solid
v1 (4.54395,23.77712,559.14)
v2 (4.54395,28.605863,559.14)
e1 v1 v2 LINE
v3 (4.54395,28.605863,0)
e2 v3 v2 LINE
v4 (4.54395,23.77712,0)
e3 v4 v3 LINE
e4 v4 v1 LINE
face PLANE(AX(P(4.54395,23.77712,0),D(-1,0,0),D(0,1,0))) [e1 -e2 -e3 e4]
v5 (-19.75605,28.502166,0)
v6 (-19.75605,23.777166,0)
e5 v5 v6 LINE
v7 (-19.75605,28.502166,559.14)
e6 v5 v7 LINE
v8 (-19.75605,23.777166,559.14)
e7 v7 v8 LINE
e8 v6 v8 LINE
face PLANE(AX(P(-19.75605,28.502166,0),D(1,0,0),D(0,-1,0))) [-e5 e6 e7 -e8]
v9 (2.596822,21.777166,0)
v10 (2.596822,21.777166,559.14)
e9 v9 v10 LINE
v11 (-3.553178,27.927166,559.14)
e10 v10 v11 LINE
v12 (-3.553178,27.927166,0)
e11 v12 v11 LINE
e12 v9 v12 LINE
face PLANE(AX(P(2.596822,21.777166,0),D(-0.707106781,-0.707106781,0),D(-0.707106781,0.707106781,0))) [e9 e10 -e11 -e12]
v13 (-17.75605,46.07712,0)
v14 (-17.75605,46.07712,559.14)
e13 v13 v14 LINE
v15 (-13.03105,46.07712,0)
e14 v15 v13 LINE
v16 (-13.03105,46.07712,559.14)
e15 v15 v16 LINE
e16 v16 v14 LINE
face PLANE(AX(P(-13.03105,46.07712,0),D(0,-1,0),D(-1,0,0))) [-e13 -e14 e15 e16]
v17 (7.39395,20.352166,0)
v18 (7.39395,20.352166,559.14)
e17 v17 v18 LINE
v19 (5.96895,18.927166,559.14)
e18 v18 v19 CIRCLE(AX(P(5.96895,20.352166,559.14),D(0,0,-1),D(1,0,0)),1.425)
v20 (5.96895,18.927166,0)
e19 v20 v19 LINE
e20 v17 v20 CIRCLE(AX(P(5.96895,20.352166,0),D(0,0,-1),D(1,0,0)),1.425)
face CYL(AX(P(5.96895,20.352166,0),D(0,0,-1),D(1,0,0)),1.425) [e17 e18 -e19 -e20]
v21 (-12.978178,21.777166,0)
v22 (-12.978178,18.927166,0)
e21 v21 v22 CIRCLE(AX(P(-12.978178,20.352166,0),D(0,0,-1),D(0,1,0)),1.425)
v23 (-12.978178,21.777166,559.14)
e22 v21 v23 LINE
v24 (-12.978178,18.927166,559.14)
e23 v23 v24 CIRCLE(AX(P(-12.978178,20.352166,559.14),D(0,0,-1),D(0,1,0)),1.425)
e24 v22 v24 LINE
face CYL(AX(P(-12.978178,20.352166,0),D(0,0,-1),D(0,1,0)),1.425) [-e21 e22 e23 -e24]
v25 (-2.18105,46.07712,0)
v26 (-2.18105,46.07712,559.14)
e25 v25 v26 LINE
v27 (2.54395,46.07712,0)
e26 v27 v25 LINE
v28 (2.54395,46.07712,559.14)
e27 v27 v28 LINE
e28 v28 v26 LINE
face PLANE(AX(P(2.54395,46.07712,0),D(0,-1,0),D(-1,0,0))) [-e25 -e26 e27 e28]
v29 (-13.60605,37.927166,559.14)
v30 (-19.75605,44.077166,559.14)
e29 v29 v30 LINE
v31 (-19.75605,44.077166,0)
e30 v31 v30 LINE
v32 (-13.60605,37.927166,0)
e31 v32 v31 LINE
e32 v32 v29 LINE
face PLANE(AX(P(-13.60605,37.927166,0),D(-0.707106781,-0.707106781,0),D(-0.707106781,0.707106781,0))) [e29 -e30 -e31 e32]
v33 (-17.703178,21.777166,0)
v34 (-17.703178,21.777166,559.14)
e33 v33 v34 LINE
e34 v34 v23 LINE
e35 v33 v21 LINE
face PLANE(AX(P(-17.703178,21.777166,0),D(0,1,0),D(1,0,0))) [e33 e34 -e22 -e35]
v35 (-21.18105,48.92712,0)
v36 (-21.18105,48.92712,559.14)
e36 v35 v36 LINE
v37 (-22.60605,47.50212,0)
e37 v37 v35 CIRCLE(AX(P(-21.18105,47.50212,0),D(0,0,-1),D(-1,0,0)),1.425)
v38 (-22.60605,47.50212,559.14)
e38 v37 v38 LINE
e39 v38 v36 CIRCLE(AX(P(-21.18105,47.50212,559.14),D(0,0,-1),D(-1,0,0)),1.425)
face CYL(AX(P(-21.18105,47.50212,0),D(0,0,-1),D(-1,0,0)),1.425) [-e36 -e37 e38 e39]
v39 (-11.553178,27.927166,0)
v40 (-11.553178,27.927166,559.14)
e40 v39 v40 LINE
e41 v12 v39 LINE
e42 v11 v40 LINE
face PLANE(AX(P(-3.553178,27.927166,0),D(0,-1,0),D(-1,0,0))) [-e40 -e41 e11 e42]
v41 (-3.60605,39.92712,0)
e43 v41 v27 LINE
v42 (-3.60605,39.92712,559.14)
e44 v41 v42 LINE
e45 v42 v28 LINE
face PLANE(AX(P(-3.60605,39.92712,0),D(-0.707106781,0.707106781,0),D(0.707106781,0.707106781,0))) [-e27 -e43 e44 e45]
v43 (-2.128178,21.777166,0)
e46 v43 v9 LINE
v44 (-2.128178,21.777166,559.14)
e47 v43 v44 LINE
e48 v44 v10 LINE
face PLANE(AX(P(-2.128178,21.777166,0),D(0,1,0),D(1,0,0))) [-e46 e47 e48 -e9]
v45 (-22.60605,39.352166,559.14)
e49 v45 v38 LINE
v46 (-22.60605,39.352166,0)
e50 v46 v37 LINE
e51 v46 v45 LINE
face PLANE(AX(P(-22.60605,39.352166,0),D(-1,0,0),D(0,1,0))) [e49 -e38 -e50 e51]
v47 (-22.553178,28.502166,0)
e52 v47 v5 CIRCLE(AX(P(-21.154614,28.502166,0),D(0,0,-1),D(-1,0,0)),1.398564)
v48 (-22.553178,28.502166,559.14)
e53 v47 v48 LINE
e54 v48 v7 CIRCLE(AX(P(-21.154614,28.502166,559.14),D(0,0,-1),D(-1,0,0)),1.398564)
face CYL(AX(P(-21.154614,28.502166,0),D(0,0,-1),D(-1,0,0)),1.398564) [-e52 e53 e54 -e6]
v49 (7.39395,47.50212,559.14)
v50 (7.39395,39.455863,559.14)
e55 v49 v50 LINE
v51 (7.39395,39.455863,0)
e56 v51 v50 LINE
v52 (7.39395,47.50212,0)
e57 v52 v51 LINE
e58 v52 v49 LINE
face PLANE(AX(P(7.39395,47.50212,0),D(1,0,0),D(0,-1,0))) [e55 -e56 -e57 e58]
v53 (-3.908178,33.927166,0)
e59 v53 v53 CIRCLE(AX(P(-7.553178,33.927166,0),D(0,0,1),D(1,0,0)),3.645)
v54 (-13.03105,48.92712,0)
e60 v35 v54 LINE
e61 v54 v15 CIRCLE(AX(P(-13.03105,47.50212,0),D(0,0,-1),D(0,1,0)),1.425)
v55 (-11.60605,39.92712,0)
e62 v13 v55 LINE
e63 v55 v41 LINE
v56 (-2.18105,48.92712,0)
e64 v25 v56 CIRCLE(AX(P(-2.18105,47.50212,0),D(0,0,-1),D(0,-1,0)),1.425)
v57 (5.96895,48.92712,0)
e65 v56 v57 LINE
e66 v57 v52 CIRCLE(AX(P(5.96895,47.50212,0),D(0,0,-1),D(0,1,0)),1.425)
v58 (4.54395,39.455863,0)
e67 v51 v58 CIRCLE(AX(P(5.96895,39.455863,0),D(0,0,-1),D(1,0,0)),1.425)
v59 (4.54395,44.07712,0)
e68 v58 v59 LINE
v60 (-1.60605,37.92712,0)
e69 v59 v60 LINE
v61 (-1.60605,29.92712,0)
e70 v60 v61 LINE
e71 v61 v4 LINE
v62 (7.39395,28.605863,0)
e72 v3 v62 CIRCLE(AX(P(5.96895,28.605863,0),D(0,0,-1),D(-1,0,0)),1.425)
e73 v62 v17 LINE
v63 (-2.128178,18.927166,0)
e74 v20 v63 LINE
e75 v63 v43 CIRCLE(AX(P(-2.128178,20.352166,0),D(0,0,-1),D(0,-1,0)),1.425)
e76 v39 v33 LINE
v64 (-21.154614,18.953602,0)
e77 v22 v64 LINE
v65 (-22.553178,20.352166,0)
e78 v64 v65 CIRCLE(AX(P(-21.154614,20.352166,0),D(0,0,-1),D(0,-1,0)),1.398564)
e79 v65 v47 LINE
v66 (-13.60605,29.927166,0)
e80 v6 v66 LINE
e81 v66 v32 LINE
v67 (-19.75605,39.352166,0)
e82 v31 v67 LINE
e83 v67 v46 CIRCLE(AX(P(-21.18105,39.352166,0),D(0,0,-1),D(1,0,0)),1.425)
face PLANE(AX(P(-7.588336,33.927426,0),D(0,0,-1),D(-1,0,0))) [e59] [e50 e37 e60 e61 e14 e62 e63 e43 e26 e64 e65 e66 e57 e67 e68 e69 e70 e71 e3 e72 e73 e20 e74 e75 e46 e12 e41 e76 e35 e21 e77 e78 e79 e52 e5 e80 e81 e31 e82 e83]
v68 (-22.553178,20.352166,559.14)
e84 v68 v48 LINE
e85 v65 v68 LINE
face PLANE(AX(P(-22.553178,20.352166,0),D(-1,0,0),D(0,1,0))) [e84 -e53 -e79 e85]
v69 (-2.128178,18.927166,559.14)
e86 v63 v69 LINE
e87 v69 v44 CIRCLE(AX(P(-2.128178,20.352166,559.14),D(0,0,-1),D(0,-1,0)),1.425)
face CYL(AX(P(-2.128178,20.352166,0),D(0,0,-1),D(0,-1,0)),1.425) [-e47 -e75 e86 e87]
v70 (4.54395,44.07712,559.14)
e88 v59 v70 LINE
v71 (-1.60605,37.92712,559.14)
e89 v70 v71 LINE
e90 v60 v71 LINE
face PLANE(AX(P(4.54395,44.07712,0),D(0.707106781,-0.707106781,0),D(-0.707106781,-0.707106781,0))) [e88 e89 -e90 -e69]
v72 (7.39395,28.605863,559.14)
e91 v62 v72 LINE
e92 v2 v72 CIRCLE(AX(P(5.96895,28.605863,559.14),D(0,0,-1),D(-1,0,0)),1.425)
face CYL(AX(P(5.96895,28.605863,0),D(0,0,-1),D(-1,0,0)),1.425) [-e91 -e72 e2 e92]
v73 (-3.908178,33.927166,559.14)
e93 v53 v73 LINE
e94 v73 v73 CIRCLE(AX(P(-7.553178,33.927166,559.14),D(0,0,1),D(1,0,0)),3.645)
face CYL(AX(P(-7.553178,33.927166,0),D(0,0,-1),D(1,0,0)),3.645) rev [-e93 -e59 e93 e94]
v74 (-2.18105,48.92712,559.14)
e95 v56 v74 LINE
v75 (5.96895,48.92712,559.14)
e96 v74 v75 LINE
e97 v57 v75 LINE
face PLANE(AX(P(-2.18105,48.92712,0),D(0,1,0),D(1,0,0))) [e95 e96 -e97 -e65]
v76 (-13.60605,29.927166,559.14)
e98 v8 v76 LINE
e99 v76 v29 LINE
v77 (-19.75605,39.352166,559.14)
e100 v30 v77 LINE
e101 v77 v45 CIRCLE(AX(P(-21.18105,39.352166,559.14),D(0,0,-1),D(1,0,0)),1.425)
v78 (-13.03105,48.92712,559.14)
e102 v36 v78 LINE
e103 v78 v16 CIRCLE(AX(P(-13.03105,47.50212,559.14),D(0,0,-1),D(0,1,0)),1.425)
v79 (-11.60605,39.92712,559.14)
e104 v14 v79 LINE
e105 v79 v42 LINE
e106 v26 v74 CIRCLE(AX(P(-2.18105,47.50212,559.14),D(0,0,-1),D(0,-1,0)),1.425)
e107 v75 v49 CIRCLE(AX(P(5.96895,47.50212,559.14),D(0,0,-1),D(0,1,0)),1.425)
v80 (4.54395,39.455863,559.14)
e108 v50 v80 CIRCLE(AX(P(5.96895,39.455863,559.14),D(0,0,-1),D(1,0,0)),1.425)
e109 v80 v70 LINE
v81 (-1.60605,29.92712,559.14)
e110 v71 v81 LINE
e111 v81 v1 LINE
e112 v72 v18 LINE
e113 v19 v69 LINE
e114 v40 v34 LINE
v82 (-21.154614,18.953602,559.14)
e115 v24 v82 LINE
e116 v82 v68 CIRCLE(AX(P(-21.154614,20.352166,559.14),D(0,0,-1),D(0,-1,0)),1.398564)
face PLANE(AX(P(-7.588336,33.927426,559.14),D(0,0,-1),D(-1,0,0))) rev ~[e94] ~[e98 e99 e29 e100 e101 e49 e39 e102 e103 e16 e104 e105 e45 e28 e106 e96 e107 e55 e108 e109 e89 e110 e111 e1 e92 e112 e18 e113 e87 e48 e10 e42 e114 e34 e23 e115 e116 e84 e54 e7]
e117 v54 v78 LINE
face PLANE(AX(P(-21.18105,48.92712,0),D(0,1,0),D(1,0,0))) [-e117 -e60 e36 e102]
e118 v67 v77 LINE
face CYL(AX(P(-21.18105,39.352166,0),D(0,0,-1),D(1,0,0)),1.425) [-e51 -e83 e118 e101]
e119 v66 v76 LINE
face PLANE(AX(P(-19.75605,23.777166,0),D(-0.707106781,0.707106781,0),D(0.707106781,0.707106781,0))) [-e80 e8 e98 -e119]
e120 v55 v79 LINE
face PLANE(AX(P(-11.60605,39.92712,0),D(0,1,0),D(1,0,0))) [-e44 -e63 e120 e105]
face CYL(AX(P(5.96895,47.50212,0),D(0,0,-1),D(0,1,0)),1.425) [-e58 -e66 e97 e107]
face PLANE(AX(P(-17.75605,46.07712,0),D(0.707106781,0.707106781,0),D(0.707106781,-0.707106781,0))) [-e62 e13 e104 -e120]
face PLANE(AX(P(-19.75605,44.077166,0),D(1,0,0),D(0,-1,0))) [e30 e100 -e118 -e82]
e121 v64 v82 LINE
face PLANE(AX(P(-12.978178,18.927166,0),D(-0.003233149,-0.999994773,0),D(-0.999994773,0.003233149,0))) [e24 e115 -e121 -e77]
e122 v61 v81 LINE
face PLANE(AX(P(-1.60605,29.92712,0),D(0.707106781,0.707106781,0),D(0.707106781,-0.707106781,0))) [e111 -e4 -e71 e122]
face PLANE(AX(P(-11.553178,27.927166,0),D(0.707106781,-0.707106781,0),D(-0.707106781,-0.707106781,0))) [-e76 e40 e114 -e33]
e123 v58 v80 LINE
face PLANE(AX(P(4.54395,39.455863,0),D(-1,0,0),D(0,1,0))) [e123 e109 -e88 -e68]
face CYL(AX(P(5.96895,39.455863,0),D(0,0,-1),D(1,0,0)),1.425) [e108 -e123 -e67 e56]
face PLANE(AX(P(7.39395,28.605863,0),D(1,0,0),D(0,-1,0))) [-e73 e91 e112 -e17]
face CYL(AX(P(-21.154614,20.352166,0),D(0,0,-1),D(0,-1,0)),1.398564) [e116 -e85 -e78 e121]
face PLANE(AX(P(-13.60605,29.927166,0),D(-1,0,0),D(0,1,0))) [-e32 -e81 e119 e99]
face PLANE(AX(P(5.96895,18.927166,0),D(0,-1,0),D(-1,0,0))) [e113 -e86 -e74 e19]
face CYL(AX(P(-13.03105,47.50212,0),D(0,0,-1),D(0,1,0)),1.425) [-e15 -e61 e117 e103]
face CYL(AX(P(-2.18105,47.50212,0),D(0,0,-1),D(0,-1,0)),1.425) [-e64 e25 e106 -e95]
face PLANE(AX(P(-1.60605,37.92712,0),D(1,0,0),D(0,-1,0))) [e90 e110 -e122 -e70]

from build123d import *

# Parameters (mm, degrees)
CROQUIS1_R              = 3.645
SALIENTE_EXTRUIR1_DEPTH = 559.14


with BuildPart() as part:
    # Croquis1 → Saliente-Extruir1 (new body)
    with BuildSketch(Plane.XY):
        with BuildLine():
            Line((-2.128178406, 21.777166152), (2.596821594, 21.777166152))
            Line((2.596821594, 21.777166152), (-3.553178406, 27.927166152))
            Line((-3.553178406, 27.927166152), (-11.553178406, 27.927166152))
            Line((-11.553178406, 27.927166152), (-17.703178406, 21.777166152))
            Line((-17.703178406, 21.777166152), (-12.978178406, 21.777166152))
            ThreePointArc((-12.978178406, 21.777166152), (-11.553178406, 20.352166152), (-12.978178406, 18.927166152))
            Line((-12.978178406, 18.927166152), (-21.154614178, 18.953601925))
            ThreePointArc((-21.154614178, 18.953601925), (-22.143548427, 19.363231903), (-22.553178406, 20.352166152))
            Line((-22.553178406, 20.352166152), (-22.553178406, 28.502166152))
            ThreePointArc((-22.553178406, 28.502166152), (-21.154614178, 29.90073038), (-19.756049951, 28.502166152))
            Line((-19.756049951, 28.502166152), (-19.756049951, 23.777166152))
            Line((-19.756049951, 23.777166152), (-13.606049951, 29.927166152))
            Line((-13.606049951, 29.927166152), (-13.606049951, 37.927166152))
            Line((-13.606049951, 37.927166152), (-19.756049951, 44.077166152))
            Line((-19.756049951, 44.077166152), (-19.756049951, 39.352166152))
            ThreePointArc((-19.756049951, 39.352166152), (-21.181049951, 37.927166152), (-22.606049951, 39.352166152))
            Line((-22.606049951, 39.352166152), (-22.606049951, 47.502119562))
            ThreePointArc((-22.606049951, 47.502119562), (-22.188677114, 48.509746725), (-21.181049951, 48.927119562))
            Line((-21.181049951, 48.927119562), (-13.031049951, 48.927119562))
            ThreePointArc((-13.031049951, 48.927119562), (-11.606049951, 47.502119562), (-13.031049951, 46.077119562))
            Line((-13.031049951, 46.077119562), (-17.756049951, 46.077119562))
            Line((-17.756049951, 46.077119562), (-11.606049951, 39.927119562))
            Line((-11.606049951, 39.927119562), (-3.606049951, 39.927119562))
            Line((-3.606049951, 39.927119562), (2.543950049, 46.077119562))
            Line((2.543950049, 46.077119562), (-2.181049951, 46.077119562))
            ThreePointArc((-2.181049951, 46.077119562), (-3.606049951, 47.502119562), (-2.181049951, 48.927119562))
            Line((-2.181049951, 48.927119562), (5.968950049, 48.927119562))
            ThreePointArc((5.968950049, 48.927119562), (6.976577212, 48.509746725), (7.393950049, 47.502119562))
            Line((7.393950049, 47.502119562), (7.393950049, 39.455863248))
            ThreePointArc((7.393950049, 39.455863248), (5.968950049, 38.030863248), (4.543950049, 39.455863248))
            Line((4.543950049, 39.455863248), (4.543950049, 44.077119562))
            Line((4.543950049, 44.077119562), (-1.606049951, 37.927119562))
            Line((-1.606049951, 37.927119562), (-1.606049951, 29.927119562))
            Line((-1.606049951, 29.927119562), (4.543950049, 23.777119562))
            Line((4.543950049, 23.777119562), (4.543950049, 28.605863248))
            ThreePointArc((4.543950049, 28.605863248), (5.968950049, 30.030863248), (7.393950049, 28.605863248))
            Line((7.393950049, 28.605863248), (7.393950049, 20.352166152))
            ThreePointArc((7.393950049, 20.352166152), (6.976577212, 19.344538989), (5.968950049, 18.927166152))
            Line((5.968950049, 18.927166152), (-2.128178406, 18.927166152))
            ThreePointArc((-2.128178406, 18.927166152), (-3.553178406, 20.352166152), (-2.128178406, 21.777166152))
        make_face()
        with Locations((-7.553178406, 33.927166152)):
            Circle(CROQUIS1_R, mode=Mode.SUBTRACT)
    extrude(amount=SALIENTE_EXTRUIR1_DEPTH)


solid = part.part
